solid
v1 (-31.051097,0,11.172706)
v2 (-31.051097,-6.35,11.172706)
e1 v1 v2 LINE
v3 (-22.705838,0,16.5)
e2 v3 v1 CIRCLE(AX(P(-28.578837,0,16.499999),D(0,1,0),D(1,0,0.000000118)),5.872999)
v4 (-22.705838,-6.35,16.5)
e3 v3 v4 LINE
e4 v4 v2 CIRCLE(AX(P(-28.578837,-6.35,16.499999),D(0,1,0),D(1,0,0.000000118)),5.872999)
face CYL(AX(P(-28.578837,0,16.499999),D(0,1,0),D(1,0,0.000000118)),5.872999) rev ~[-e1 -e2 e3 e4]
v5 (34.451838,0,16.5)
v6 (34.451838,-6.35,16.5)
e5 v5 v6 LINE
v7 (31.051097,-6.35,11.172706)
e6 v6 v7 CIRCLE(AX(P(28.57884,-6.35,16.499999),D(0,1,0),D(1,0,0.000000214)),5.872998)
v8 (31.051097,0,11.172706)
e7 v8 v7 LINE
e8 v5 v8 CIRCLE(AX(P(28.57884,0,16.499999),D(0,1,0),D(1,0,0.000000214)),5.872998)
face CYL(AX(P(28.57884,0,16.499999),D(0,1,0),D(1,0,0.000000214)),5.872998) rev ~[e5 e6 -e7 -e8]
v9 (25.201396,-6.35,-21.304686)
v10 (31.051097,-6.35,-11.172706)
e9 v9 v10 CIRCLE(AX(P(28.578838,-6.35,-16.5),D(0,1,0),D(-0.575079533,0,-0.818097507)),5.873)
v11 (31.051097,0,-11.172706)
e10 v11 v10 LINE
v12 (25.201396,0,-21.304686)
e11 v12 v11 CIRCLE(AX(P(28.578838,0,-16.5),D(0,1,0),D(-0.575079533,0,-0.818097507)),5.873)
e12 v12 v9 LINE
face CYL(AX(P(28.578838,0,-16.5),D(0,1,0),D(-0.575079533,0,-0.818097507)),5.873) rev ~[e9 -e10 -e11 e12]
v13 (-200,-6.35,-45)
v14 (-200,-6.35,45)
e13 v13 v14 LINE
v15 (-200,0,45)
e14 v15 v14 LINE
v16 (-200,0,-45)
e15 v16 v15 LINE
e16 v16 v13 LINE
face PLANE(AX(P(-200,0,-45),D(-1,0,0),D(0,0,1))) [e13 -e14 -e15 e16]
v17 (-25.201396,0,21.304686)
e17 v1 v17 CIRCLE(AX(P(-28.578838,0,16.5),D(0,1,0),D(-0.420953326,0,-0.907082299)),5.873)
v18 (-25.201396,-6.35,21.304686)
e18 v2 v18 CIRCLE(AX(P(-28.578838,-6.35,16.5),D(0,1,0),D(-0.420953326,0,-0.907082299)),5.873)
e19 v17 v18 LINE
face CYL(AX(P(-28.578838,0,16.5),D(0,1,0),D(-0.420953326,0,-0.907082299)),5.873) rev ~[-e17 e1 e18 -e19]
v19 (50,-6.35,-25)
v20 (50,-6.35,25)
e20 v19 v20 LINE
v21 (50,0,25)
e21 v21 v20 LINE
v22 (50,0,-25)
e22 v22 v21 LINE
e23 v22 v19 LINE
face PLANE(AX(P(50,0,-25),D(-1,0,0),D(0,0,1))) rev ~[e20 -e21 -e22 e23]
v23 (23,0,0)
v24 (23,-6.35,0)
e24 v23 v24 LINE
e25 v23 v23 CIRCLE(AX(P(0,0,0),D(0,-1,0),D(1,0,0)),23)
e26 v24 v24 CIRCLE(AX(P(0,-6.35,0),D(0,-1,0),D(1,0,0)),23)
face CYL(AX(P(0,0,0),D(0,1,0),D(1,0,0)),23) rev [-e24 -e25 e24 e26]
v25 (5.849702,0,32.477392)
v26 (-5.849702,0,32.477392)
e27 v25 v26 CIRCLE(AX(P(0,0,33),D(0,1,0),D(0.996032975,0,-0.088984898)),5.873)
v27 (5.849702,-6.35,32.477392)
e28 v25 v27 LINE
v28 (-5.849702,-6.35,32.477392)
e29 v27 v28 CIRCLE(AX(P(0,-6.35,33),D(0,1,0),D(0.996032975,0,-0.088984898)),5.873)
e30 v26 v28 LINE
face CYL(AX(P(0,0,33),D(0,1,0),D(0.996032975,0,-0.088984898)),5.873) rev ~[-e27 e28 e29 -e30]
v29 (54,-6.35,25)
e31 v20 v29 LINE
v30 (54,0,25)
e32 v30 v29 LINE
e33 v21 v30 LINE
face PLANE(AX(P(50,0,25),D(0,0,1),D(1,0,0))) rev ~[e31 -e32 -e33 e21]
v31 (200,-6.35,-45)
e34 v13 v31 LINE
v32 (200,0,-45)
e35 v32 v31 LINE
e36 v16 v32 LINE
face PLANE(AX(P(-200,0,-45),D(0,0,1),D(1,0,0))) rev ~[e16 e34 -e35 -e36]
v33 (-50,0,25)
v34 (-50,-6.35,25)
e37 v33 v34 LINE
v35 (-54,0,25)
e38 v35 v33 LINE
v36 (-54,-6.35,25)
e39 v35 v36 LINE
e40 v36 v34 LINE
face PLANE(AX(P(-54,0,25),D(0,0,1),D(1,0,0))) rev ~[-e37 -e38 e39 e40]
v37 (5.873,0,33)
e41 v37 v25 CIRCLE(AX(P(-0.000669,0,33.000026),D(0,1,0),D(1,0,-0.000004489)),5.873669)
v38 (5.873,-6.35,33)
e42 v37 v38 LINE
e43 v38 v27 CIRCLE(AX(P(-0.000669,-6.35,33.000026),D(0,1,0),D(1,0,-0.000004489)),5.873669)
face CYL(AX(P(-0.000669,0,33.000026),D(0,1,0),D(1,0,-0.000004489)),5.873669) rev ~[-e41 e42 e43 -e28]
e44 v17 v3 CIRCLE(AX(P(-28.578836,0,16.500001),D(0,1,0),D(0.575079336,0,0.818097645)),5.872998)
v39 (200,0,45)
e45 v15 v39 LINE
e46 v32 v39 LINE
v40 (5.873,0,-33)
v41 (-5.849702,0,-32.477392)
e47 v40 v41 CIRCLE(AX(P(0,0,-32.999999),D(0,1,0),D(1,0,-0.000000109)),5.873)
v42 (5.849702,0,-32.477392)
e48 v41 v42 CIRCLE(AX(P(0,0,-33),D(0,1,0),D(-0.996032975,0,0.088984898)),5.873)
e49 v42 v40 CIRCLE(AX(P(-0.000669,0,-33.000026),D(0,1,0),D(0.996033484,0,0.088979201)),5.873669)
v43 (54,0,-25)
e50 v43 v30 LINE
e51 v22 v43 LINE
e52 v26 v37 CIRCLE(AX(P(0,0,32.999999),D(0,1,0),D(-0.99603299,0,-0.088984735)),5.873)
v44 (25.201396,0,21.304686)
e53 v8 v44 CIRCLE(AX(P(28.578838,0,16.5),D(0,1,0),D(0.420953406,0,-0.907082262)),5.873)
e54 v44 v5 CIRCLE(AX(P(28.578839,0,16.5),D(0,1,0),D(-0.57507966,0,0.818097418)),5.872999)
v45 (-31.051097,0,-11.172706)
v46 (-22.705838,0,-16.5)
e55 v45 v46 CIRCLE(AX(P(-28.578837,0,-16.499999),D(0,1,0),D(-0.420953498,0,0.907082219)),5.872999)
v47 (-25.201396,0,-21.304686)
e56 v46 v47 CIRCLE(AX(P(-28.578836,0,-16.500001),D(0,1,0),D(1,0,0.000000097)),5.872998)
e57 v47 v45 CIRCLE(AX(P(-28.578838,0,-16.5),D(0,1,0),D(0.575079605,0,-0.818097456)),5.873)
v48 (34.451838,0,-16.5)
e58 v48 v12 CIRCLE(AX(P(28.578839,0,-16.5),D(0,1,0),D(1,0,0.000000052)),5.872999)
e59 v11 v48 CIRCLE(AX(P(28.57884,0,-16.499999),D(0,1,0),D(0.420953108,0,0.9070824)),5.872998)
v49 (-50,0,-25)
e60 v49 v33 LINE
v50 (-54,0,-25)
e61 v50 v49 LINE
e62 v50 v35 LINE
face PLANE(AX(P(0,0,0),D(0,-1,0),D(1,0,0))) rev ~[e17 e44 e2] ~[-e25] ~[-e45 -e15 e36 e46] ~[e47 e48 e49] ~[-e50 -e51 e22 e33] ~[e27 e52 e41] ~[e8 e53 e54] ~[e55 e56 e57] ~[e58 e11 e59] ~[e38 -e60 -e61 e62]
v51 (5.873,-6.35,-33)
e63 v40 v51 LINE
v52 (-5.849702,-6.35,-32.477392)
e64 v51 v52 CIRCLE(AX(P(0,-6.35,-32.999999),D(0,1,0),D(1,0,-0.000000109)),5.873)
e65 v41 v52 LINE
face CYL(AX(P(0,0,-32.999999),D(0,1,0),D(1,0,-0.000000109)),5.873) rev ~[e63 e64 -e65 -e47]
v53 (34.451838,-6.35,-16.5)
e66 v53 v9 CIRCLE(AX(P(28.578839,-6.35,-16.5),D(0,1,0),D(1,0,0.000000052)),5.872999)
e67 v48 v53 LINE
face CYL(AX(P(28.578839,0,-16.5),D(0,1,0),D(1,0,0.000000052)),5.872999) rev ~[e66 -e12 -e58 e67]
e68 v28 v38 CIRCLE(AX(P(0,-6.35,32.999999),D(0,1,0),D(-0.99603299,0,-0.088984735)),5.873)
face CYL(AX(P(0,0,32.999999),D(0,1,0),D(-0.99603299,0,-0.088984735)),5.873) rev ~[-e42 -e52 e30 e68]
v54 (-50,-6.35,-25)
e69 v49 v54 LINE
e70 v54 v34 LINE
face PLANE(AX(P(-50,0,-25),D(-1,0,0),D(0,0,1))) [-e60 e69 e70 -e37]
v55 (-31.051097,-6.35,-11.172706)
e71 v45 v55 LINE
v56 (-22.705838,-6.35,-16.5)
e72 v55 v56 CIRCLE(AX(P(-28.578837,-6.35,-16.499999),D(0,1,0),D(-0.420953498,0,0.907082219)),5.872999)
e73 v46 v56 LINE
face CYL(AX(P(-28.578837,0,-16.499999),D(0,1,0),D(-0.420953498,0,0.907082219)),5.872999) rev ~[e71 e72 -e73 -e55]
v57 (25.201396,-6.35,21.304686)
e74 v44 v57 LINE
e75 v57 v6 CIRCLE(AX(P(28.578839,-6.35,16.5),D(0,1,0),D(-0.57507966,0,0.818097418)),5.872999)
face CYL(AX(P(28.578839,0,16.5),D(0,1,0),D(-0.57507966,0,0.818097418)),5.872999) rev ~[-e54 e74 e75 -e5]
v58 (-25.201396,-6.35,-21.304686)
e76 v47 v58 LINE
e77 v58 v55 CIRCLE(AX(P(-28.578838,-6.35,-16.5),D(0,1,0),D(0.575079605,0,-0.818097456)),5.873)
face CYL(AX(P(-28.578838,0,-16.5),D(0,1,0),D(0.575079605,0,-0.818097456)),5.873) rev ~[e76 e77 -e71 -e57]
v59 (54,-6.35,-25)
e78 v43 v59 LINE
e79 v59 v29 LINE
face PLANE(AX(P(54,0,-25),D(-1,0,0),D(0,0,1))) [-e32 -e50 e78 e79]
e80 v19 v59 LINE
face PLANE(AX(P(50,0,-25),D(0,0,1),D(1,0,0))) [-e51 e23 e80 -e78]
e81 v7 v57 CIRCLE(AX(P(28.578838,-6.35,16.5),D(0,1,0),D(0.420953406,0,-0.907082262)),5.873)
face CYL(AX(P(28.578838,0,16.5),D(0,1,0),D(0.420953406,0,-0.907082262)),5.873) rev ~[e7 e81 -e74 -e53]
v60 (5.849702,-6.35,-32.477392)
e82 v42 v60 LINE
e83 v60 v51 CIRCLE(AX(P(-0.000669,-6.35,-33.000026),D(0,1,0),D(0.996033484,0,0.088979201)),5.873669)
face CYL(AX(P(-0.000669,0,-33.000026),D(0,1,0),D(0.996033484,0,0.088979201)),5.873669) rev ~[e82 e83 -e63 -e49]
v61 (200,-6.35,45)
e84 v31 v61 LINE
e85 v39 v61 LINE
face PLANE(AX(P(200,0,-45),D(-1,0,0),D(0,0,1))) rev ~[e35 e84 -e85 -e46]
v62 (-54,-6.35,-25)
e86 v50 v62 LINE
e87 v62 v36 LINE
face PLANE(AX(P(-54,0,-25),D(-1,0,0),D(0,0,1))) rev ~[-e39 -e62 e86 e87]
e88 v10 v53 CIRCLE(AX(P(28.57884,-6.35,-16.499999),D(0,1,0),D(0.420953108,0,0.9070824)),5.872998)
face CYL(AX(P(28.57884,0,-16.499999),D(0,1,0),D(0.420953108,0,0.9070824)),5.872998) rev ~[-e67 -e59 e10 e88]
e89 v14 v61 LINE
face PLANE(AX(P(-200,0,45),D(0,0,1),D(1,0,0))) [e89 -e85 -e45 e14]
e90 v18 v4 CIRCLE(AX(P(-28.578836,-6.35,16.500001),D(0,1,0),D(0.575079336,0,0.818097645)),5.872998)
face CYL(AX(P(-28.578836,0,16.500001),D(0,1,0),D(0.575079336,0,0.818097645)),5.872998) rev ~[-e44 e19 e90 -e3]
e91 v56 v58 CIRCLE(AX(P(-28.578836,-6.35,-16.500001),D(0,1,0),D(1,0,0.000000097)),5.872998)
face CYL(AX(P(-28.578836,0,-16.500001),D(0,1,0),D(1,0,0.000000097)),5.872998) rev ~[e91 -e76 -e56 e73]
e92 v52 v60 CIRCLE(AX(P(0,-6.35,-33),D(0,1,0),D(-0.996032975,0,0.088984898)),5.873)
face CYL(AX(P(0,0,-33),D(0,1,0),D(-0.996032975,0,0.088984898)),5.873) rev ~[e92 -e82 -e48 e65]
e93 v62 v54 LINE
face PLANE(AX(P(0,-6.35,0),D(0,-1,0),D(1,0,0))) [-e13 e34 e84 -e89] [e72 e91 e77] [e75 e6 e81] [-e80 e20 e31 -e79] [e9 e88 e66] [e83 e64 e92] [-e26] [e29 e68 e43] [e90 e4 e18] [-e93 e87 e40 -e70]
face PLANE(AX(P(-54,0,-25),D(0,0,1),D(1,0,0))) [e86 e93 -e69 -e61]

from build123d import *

# Parameters (mm, degrees)
F0_W     = 400
F0_H     = 90
F0_W_2   = 4
F0_H_2   = 50
F0_R     = 23
F1_DEPTH = 6.35


with BuildPart() as f1:
    # F0 (on Front) → F1 (new body)
    with BuildSketch(Plane.XZ):
        Rectangle(F0_W, F0_H)
        with Locations((-52, 0)):
            Rectangle(F0_W_2, F0_H_2, mode=Mode.SUBTRACT)
        with BuildLine():
            ThreePointArc((31.051097, 11.172706), (32.509123, 5.670705), (33, 0))
            ThreePointArc((33, 0), (32.509123, -5.670705), (31.051097, -11.172706))
            ThreePointArc((31.051097, -11.172706), (33.529177, -13.339893), (34.451838, -16.5))
            ThreePointArc((34.451838, -16.5), (31.285904, -21.711902), (25.201396, -21.304686))
            ThreePointArc((25.201396, -21.304686), (16.5, -28.578838), (5.849702, -32.477392))
            ThreePointArc((5.849702, -32.477392), (5.867172, -32.738436), (5.873, -33))
            ThreePointArc((5.873, -33), (-0.261564, -38.867172), (-5.849702, -32.477392))
            ThreePointArc((-5.849702, -32.477392), (-16.5, -28.578838), (-25.201396, -21.304686))
            ThreePointArc((-25.201396, -21.304686), (-33.665005, -19.4365), (-31.051097, -11.172706))
            ThreePointArc((-31.051097, -11.172706), (-33, 0), (-31.051097, 11.172706))
            ThreePointArc((-31.051097, 11.172706), (-33.665005, 19.4365), (-25.201396, 21.304686))
            ThreePointArc((-25.201396, 21.304686), (-16.5, 28.578838), (-5.849702, 32.477392))
            ThreePointArc((-5.849702, 32.477392), (-0.261564, 38.867172), (5.873, 33))
            ThreePointArc((5.873, 33), (5.867172, 32.738436), (5.849702, 32.477392))
            ThreePointArc((5.849702, 32.477392), (16.5, 28.578838), (25.201396, 21.304686))
            ThreePointArc((25.201396, 21.304686), (31.285904, 21.711902), (34.451838, 16.5))
            ThreePointArc((34.451838, 16.5), (33.529177, 13.339893), (31.051097, 11.172706))
        make_face(mode=Mode.SUBTRACT)
        with Locations((52, 0)):
            Rectangle(F0_W_2, F0_H_2, mode=Mode.SUBTRACT)
        with BuildLine():
            ThreePointArc((31.051097, -11.172706), (32.509123, -5.670705), (33, 0))
            ThreePointArc((33, 0), (32.509123, 5.670705), (31.051097, 11.172706))
            ThreePointArc((31.051097, 11.172706), (23.492671, 13.5635), (25.201396, 21.304686))
            ThreePointArc((25.201396, 21.304686), (16.5, 28.578838), (5.849702, 32.477392))
            ThreePointArc((5.849702, 32.477392), (0, 27.127), (-5.849702, 32.477392))
            ThreePointArc((-5.849702, 32.477392), (-16.5, 28.578838), (-25.201396, 21.304686))
            ThreePointArc((-25.201396, 21.304686), (-23.366936, 19.207066), (-22.705838, 16.5))
            ThreePointArc((-22.705838, 16.5), (-25.418731, 11.549661), (-31.051097, 11.172706))
            ThreePointArc((-31.051097, 11.172706), (-33, 0), (-31.051097, -11.172706))
            ThreePointArc((-31.051097, -11.172706), (-25.418731, -11.549661), (-22.705838, -16.5))
            ThreePointArc((-22.705838, -16.5), (-23.366936, -19.207066), (-25.201396, -21.304686))
            ThreePointArc((-25.201396, -21.304686), (-16.5, -28.578838), (-5.849702, -32.477392))
            ThreePointArc((-5.849702, -32.477392), (0, -27.127), (5.849702, -32.477392))
            ThreePointArc((5.849702, -32.477392), (16.5, -28.578838), (25.201396, -21.304686))
            ThreePointArc((25.201396, -21.304686), (23.492671, -13.5635), (31.051097, -11.172706))
        make_face()
        Circle(F0_R, mode=Mode.SUBTRACT)
    extrude(amount=F1_DEPTH)


solid = f1.part
